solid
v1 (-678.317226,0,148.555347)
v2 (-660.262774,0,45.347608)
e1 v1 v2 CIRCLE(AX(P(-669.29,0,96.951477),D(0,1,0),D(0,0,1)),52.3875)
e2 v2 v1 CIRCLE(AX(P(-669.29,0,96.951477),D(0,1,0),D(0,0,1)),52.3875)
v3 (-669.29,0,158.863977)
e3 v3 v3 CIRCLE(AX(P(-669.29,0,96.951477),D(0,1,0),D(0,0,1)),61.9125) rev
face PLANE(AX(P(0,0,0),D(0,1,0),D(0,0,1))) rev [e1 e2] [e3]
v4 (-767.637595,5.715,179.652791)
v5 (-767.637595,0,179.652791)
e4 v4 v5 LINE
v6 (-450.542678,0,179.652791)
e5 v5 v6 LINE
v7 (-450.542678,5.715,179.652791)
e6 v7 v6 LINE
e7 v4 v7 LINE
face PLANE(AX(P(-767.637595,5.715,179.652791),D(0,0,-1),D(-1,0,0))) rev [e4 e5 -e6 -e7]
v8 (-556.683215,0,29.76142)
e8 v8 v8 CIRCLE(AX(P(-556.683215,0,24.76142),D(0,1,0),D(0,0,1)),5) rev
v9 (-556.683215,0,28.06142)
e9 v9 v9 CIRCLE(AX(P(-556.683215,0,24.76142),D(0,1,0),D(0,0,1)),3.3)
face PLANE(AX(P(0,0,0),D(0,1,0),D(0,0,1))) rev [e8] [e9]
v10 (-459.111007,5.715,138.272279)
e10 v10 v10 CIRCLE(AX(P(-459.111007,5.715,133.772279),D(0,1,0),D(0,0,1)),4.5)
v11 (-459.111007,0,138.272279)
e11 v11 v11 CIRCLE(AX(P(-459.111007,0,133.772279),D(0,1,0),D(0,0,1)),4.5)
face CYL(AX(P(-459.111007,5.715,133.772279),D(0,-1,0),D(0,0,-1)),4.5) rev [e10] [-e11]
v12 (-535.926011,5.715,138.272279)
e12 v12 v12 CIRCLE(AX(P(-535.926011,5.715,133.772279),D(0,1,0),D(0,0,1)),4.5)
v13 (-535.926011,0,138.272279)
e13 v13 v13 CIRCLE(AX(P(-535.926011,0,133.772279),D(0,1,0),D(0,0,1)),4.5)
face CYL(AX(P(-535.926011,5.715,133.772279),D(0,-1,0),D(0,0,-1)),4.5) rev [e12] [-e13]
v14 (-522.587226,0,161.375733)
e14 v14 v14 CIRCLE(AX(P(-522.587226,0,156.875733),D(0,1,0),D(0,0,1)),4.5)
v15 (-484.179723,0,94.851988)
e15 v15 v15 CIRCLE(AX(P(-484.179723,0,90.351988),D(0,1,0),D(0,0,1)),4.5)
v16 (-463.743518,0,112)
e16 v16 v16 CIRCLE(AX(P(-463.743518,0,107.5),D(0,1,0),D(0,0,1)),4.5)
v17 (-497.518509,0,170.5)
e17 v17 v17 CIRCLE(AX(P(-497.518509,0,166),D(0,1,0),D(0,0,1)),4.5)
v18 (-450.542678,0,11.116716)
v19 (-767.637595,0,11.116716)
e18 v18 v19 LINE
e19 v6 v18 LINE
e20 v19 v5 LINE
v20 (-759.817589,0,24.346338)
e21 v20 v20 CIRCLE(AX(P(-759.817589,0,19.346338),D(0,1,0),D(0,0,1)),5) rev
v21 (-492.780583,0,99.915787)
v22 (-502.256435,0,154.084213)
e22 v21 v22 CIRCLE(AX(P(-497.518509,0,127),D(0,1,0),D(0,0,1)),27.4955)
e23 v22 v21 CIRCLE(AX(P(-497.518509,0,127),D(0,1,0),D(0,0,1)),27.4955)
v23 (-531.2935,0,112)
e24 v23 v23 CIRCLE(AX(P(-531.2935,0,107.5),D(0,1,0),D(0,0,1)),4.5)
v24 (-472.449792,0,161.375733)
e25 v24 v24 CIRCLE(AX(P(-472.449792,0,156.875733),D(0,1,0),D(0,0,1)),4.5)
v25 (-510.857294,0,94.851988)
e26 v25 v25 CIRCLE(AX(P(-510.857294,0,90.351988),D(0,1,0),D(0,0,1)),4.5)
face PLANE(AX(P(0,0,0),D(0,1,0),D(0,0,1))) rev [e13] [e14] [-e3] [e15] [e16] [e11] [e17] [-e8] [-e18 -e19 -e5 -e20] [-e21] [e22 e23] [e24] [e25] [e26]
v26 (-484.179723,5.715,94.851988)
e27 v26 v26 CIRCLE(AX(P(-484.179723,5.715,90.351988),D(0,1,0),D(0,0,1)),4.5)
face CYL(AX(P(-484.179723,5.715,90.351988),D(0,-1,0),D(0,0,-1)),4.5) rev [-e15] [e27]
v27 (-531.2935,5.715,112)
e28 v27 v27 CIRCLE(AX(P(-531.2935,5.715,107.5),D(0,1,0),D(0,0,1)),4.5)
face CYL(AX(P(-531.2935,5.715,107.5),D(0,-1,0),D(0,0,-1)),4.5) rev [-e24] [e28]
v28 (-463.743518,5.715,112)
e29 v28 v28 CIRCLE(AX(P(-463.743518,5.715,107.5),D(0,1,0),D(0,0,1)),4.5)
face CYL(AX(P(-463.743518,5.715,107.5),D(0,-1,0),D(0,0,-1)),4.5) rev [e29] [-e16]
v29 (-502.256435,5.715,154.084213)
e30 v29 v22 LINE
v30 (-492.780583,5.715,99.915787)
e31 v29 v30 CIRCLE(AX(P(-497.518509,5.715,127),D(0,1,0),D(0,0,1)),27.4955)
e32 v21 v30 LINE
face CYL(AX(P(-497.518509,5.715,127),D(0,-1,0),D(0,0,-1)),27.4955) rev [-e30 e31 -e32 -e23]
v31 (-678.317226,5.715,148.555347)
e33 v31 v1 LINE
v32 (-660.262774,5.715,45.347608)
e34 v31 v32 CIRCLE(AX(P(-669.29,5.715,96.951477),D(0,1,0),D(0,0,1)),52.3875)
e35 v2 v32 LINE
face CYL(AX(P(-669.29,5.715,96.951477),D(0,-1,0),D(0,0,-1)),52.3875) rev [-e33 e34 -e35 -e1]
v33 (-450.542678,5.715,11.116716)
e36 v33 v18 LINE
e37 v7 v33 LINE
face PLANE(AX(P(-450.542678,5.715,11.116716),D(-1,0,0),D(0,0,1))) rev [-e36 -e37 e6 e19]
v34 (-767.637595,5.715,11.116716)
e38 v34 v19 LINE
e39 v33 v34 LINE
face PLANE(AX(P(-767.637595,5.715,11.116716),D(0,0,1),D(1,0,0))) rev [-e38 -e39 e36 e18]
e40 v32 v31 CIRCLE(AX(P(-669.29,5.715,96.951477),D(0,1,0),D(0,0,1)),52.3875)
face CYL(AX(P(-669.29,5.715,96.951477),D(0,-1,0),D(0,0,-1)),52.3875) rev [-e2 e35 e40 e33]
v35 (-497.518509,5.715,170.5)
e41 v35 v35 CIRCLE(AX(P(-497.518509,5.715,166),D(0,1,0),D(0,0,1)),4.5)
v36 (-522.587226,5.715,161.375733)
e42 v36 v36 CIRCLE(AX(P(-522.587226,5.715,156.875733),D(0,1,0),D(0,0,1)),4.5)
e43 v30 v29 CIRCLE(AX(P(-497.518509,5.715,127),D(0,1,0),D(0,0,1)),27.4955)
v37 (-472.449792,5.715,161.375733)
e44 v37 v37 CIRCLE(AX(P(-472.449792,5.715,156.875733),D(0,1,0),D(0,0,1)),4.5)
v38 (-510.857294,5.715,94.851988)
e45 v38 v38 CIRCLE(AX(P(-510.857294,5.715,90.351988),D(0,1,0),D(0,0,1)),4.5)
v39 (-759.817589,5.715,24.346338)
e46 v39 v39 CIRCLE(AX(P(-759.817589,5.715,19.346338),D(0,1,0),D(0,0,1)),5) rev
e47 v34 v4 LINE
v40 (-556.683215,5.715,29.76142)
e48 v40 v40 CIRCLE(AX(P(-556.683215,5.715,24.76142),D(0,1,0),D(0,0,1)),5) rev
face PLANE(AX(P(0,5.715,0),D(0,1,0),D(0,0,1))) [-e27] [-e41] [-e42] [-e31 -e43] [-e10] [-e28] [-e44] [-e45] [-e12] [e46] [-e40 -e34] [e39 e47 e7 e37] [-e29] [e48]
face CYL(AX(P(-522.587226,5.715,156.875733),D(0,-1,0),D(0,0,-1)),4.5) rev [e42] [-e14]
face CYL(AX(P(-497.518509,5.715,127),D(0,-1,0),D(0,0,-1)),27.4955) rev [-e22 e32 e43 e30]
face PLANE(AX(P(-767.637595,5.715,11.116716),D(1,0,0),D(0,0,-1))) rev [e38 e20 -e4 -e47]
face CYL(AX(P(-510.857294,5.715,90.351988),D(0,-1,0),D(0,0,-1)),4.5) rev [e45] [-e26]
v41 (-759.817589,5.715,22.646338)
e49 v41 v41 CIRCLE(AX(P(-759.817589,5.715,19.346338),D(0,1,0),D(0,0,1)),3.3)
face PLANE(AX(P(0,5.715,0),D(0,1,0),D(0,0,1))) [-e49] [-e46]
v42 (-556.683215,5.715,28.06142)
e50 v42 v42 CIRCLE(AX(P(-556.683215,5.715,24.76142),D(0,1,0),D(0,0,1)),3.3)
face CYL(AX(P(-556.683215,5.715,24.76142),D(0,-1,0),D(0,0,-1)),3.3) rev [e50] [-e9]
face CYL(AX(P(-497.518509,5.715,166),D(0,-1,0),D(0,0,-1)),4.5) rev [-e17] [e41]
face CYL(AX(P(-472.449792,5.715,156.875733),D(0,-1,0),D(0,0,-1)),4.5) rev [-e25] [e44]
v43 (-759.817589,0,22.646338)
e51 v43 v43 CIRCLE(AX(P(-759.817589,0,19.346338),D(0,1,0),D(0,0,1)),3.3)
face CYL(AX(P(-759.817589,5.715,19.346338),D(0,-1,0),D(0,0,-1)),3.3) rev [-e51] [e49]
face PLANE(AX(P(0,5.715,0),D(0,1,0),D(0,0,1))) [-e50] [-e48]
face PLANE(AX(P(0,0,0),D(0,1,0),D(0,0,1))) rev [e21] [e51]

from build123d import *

# Parameters (mm, degrees)
SKETCH2_W           = 317.094917084
SKETCH2_H           = 168.536075584
SKETCH2_R           = 4.5
SKETCH2_R_2         = 27.4955
SKETCH2_R_3         = 52.3875
SKETCH2_R_4         = 3.3
BOSS_EXTRUDE1_DEPTH = 5.715


with BuildPart() as part:
    # Sketch2 → Boss-Extrude1 (new body)
    with BuildSketch(Plane(origin=(0, 0, 0), x_dir=(1, 0, 0), z_dir=(0, 1, 0))):
        with Locations((-609.090136829, -95.384753685)):
            Rectangle(SKETCH2_W, SKETCH2_H)
        with Locations(Location((-484.179723308, -90.351987789, 0), (0, 0, 270))):
            Circle(SKETCH2_R, mode=Mode.SUBTRACT)
        with Locations(Location((-510.857294488, -90.351987789, 0), (0, 0, 270))):
            Circle(SKETCH2_R, mode=Mode.SUBTRACT)
        with Locations(Location((-463.74351815, -107.5, 0), (0, 0, 270))):
            Circle(SKETCH2_R, mode=Mode.SUBTRACT)
        with Locations(Location((-531.293499646, -107.5, 0), (0, 0, 270))):
            Circle(SKETCH2_R, mode=Mode.SUBTRACT)
        with Locations(Location((-497.518508898, -127, 0), (0, 0, 270))):
            Circle(SKETCH2_R_2, mode=Mode.SUBTRACT)
        with Locations(Location((-459.111006531, -133.772278929, 0), (0, 0, 270))):
            Circle(SKETCH2_R, mode=Mode.SUBTRACT)
        with Locations(Location((-535.926011265, -133.772278929, 0), (0, 0, 270))):
            Circle(SKETCH2_R, mode=Mode.SUBTRACT)
        with Locations(Location((-472.44979212, -156.875733282, 0), (0, 0, 270))):
            Circle(SKETCH2_R, mode=Mode.SUBTRACT)
        with Locations(Location((-522.587225676, -156.875733282, 0), (0, 0, 270))):
            Circle(SKETCH2_R, mode=Mode.SUBTRACT)
        with Locations(Location((-497.518508898, -166, 0), (0, 0, 270))):
            Circle(SKETCH2_R, mode=Mode.SUBTRACT)
        with Locations(Location((-669.29, -96.951477372, 0), (0, 0, 270))):
            Circle(SKETCH2_R_3, mode=Mode.SUBTRACT)
        with Locations(Location((-759.817588698, -19.346338398, 0), (0, 0, 270))):
            Circle(SKETCH2_R_4, mode=Mode.SUBTRACT)
        with BuildLine():
            ThreePointArc((-559.922688418, -24.132284746), (-557.312350108, -28.000893528), (-553.443741326, -25.390555218))
            ThreePointArc((-553.443741326, -25.390555218), (-556.054079636, -21.521946436), (-559.922688418, -24.132284746))
        make_face(mode=Mode.SUBTRACT)
    extrude(amount=BOSS_EXTRUDE1_DEPTH)


solid = part.part
